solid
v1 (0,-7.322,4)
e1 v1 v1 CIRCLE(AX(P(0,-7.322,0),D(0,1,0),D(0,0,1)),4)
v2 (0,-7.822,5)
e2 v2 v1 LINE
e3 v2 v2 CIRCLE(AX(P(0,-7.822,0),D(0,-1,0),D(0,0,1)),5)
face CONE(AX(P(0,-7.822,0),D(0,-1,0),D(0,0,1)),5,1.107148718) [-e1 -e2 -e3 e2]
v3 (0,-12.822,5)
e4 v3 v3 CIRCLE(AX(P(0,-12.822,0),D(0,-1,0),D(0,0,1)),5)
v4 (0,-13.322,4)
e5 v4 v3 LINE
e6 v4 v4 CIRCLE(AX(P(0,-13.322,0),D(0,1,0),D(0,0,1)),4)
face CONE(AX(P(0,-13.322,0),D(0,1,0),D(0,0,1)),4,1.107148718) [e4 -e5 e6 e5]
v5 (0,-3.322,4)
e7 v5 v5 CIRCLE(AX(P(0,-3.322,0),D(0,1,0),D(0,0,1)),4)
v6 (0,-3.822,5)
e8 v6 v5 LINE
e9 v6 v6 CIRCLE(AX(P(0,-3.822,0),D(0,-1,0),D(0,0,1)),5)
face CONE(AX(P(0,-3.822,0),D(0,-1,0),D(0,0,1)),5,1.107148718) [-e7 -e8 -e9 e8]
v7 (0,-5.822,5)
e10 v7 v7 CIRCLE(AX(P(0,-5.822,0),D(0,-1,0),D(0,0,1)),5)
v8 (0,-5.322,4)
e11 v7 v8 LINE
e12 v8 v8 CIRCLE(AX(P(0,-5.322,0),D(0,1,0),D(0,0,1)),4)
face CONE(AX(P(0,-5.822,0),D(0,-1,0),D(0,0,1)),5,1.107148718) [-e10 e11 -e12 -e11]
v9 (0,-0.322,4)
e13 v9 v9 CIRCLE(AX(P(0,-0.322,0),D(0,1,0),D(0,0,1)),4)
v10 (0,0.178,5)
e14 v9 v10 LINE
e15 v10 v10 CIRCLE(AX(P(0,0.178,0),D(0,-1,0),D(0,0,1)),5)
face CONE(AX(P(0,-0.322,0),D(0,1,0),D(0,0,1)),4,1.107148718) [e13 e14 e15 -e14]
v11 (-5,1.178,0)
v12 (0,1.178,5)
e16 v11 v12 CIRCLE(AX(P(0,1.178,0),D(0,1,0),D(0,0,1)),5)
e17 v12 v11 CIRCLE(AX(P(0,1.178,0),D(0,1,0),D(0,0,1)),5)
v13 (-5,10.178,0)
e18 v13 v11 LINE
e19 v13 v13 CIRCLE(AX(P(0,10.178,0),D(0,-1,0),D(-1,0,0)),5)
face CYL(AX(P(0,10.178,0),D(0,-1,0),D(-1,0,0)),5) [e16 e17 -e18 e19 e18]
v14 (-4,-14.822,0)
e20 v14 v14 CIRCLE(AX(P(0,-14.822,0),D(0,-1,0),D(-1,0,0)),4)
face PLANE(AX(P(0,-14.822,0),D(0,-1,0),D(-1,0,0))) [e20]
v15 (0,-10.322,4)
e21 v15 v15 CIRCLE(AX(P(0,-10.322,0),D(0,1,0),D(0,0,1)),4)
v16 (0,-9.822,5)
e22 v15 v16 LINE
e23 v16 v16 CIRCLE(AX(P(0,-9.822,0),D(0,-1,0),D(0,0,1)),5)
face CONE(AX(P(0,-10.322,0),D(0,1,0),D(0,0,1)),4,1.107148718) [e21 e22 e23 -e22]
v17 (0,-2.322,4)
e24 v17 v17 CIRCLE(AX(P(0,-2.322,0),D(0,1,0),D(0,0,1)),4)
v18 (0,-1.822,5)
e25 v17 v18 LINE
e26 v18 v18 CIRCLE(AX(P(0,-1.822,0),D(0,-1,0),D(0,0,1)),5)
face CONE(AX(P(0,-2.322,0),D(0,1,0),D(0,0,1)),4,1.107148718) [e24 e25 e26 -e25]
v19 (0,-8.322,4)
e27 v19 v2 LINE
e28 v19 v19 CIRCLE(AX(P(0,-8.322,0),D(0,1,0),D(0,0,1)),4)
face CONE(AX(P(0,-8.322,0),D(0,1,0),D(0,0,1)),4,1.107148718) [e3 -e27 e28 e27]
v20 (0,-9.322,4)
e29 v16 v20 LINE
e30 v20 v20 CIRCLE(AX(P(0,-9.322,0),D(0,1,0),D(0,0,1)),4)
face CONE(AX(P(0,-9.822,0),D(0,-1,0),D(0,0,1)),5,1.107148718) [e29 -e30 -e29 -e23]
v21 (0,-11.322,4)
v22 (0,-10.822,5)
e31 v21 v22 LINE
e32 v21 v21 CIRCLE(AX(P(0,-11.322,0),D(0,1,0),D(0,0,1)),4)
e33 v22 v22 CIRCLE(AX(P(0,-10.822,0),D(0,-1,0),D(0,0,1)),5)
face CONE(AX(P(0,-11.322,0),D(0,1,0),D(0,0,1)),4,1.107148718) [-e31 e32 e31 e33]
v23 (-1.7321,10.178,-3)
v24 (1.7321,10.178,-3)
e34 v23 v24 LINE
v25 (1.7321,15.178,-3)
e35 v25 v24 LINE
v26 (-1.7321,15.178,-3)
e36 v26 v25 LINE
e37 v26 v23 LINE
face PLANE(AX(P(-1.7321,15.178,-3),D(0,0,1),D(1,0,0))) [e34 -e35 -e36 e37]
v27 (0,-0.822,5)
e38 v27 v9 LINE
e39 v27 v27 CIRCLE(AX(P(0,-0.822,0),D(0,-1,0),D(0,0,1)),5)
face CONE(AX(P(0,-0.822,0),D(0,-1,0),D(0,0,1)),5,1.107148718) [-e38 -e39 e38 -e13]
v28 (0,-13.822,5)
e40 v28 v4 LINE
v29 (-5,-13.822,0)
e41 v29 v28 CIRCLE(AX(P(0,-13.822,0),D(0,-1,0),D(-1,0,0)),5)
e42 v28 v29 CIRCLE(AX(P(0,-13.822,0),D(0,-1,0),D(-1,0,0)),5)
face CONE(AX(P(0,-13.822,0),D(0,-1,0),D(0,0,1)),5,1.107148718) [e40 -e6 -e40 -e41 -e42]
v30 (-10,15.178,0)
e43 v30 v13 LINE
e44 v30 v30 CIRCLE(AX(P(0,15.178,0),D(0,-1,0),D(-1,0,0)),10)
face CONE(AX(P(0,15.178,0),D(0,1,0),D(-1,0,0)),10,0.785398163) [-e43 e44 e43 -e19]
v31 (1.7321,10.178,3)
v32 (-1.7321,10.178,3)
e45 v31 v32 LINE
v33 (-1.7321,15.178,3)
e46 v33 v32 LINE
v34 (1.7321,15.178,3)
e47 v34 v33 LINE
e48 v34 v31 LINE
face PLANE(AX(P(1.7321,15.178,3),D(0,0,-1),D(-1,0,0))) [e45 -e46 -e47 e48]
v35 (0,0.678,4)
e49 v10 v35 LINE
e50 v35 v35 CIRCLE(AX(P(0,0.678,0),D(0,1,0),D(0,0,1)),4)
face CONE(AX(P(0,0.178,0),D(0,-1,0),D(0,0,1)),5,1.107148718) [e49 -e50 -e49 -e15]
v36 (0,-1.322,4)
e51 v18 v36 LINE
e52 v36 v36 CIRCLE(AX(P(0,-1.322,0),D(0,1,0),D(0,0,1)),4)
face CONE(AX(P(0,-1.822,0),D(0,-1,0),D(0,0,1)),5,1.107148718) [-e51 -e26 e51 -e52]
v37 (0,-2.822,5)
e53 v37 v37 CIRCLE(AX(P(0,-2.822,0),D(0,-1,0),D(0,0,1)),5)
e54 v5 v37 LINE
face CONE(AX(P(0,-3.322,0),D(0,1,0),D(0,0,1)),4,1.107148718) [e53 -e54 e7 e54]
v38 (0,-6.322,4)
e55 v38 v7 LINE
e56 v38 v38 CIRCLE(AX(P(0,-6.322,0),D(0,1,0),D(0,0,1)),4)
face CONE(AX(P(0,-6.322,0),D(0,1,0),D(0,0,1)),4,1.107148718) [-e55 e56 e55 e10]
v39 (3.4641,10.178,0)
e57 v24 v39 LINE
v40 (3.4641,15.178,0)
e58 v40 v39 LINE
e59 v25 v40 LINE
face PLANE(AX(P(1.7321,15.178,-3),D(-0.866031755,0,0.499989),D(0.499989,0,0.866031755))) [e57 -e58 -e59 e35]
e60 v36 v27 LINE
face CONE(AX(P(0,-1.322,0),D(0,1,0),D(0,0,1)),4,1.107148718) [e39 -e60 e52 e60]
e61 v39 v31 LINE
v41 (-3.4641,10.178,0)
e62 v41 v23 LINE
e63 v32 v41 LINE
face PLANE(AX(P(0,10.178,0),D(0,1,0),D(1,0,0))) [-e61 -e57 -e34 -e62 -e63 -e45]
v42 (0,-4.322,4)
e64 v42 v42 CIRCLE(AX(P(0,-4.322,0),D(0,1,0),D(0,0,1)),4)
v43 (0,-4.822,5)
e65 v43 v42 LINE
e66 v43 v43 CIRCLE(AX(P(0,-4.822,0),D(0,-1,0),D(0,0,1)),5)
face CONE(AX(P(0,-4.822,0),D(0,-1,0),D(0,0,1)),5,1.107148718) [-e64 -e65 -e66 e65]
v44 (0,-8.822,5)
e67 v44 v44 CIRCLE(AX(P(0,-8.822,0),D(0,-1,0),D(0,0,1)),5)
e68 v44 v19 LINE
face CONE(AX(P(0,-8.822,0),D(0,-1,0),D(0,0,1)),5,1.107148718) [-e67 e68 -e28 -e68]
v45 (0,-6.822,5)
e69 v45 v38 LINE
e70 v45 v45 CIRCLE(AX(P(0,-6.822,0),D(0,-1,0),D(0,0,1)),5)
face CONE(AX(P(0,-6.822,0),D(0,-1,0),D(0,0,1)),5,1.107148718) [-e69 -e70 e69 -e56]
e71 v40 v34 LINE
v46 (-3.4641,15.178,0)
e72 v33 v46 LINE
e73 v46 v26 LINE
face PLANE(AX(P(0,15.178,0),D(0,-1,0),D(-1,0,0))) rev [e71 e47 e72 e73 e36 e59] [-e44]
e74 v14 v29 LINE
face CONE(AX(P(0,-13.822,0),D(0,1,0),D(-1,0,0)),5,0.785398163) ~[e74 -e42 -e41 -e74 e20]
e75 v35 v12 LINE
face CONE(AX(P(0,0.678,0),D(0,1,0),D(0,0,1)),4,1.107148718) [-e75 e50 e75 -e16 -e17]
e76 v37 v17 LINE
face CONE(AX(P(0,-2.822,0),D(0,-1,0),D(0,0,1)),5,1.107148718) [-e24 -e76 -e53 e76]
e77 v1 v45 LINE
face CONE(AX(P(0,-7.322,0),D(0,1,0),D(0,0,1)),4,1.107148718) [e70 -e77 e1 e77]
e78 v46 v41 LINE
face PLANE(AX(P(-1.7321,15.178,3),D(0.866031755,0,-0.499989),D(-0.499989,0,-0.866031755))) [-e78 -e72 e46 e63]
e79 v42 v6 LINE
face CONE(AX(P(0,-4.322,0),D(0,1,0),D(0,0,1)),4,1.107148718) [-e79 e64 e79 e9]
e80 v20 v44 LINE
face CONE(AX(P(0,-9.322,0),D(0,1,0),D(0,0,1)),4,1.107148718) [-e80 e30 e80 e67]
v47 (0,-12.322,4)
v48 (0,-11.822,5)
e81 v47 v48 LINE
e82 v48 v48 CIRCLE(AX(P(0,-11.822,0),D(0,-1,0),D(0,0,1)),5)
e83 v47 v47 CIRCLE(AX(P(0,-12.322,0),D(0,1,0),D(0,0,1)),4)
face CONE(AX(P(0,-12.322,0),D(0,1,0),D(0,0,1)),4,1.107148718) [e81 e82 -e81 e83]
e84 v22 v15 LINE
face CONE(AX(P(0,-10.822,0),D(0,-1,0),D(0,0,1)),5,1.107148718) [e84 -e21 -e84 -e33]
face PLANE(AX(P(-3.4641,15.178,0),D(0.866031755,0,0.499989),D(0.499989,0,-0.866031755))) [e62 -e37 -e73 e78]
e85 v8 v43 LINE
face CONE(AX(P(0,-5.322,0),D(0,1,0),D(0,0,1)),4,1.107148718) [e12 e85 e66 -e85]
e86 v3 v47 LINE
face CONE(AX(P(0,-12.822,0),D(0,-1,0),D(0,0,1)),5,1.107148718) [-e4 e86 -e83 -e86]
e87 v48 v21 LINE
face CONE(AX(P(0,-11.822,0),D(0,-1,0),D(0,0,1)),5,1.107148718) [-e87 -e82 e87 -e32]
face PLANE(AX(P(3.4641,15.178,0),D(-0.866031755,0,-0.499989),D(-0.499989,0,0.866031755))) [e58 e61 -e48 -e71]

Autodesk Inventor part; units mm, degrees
ref_plane "YZ Plane" through (0, 0, 0) normal (1, 0, 0) x (0, 1, 0)
ref_plane "XZ Plane" through (0, 0, 0) normal (0, 1, 0) x (-1, 0, 0)
ref_plane "XY Plane" through (0, 0, 0) normal (0, 0, 1) x (1, 0, 0)
sketch "Sketch1" plane through (0, 0, 0) normal (0, 0, 1) x (1, 0, 0)
  line L0 (0, 19.6828) -> (0, -18.3172)
  line L1 (-0.377, 15.178) -> (-10, 15.178)
  line L2 (-10, 15.178) -> (-5, 10.178)
  line L3 (-5, 10.178) -> (-5, -14.822)
  line L4 (-5, -14.822) -> (0, -14.822)
  line L5 (0, -14.822) -> (0, 15.178)
  line L6 (-0.377, 15.178) -> (0, 15.178)
  dimension "d2" = 20
  dimension "d3" = 45
  dimension "d4" = 30
  dimension "d6" = 10
revolve "Revolution1" add sketch "Sketch1" angle 360 about axis through (0, 19.6828, 0) along (0, -1, 0)
chamfer "Chamfer1" distance 1 angle 45 1 edges at (5, -14.822, 0)
sketch "Sketch2" plane through (0, 0, 0) normal (1, 0, 0) x (0, 1, 0)
  line L0 (-13.822, 5) -> (10.178, 5) projected
  line L1 (-13.822, -5) -> (10.178, -5) projected
  line L2 (-13.822, 5) -> (-13.322, 4)
  line L3 (-13.322, 4) -> (-12.822, 5)
  line L4 (-13.822, 5) -> (-12.822, 5)
  line L5 (-12.622, 0) -> (13.978, 0) projected
  dimension "d10" = 1
  dimension "d12" = 1
revolve "Revolution2" cut sketch "Sketch2" angle 360 about axis through (0, -10, 0) along (0, 1, 0)
pattern_linear "Rectangular Pattern1" count 15 spacing 1 along (0, 1, 0) of "Revolution2"
sketch "Sketch3" plane through (0, 15.178, 0) normal (0, 1, 0) x (1, 0, 0)
  circle A0 centre (0, 0) radius 10 projected
  line L0 (1.7321, -3) -> (-1.7321, -3)
  line L1 (-1.7321, -3) -> (-3.4641, 0)
  line L2 (-3.4641, 0) -> (-1.7321, 3)
  line L3 (-1.7321, 3) -> (1.7321, 3)
  line L4 (1.7321, 3) -> (3.4641, 0)
  line L5 (3.4641, 0) -> (1.7321, -3)
  dimension "d17" = 6
extrude "Extrusion1" cut sketch "Sketch3" against normal blind 5 contours L0 L1 L2 L3 L4 L5
properties part number "M10x30 Allen Frezato"
